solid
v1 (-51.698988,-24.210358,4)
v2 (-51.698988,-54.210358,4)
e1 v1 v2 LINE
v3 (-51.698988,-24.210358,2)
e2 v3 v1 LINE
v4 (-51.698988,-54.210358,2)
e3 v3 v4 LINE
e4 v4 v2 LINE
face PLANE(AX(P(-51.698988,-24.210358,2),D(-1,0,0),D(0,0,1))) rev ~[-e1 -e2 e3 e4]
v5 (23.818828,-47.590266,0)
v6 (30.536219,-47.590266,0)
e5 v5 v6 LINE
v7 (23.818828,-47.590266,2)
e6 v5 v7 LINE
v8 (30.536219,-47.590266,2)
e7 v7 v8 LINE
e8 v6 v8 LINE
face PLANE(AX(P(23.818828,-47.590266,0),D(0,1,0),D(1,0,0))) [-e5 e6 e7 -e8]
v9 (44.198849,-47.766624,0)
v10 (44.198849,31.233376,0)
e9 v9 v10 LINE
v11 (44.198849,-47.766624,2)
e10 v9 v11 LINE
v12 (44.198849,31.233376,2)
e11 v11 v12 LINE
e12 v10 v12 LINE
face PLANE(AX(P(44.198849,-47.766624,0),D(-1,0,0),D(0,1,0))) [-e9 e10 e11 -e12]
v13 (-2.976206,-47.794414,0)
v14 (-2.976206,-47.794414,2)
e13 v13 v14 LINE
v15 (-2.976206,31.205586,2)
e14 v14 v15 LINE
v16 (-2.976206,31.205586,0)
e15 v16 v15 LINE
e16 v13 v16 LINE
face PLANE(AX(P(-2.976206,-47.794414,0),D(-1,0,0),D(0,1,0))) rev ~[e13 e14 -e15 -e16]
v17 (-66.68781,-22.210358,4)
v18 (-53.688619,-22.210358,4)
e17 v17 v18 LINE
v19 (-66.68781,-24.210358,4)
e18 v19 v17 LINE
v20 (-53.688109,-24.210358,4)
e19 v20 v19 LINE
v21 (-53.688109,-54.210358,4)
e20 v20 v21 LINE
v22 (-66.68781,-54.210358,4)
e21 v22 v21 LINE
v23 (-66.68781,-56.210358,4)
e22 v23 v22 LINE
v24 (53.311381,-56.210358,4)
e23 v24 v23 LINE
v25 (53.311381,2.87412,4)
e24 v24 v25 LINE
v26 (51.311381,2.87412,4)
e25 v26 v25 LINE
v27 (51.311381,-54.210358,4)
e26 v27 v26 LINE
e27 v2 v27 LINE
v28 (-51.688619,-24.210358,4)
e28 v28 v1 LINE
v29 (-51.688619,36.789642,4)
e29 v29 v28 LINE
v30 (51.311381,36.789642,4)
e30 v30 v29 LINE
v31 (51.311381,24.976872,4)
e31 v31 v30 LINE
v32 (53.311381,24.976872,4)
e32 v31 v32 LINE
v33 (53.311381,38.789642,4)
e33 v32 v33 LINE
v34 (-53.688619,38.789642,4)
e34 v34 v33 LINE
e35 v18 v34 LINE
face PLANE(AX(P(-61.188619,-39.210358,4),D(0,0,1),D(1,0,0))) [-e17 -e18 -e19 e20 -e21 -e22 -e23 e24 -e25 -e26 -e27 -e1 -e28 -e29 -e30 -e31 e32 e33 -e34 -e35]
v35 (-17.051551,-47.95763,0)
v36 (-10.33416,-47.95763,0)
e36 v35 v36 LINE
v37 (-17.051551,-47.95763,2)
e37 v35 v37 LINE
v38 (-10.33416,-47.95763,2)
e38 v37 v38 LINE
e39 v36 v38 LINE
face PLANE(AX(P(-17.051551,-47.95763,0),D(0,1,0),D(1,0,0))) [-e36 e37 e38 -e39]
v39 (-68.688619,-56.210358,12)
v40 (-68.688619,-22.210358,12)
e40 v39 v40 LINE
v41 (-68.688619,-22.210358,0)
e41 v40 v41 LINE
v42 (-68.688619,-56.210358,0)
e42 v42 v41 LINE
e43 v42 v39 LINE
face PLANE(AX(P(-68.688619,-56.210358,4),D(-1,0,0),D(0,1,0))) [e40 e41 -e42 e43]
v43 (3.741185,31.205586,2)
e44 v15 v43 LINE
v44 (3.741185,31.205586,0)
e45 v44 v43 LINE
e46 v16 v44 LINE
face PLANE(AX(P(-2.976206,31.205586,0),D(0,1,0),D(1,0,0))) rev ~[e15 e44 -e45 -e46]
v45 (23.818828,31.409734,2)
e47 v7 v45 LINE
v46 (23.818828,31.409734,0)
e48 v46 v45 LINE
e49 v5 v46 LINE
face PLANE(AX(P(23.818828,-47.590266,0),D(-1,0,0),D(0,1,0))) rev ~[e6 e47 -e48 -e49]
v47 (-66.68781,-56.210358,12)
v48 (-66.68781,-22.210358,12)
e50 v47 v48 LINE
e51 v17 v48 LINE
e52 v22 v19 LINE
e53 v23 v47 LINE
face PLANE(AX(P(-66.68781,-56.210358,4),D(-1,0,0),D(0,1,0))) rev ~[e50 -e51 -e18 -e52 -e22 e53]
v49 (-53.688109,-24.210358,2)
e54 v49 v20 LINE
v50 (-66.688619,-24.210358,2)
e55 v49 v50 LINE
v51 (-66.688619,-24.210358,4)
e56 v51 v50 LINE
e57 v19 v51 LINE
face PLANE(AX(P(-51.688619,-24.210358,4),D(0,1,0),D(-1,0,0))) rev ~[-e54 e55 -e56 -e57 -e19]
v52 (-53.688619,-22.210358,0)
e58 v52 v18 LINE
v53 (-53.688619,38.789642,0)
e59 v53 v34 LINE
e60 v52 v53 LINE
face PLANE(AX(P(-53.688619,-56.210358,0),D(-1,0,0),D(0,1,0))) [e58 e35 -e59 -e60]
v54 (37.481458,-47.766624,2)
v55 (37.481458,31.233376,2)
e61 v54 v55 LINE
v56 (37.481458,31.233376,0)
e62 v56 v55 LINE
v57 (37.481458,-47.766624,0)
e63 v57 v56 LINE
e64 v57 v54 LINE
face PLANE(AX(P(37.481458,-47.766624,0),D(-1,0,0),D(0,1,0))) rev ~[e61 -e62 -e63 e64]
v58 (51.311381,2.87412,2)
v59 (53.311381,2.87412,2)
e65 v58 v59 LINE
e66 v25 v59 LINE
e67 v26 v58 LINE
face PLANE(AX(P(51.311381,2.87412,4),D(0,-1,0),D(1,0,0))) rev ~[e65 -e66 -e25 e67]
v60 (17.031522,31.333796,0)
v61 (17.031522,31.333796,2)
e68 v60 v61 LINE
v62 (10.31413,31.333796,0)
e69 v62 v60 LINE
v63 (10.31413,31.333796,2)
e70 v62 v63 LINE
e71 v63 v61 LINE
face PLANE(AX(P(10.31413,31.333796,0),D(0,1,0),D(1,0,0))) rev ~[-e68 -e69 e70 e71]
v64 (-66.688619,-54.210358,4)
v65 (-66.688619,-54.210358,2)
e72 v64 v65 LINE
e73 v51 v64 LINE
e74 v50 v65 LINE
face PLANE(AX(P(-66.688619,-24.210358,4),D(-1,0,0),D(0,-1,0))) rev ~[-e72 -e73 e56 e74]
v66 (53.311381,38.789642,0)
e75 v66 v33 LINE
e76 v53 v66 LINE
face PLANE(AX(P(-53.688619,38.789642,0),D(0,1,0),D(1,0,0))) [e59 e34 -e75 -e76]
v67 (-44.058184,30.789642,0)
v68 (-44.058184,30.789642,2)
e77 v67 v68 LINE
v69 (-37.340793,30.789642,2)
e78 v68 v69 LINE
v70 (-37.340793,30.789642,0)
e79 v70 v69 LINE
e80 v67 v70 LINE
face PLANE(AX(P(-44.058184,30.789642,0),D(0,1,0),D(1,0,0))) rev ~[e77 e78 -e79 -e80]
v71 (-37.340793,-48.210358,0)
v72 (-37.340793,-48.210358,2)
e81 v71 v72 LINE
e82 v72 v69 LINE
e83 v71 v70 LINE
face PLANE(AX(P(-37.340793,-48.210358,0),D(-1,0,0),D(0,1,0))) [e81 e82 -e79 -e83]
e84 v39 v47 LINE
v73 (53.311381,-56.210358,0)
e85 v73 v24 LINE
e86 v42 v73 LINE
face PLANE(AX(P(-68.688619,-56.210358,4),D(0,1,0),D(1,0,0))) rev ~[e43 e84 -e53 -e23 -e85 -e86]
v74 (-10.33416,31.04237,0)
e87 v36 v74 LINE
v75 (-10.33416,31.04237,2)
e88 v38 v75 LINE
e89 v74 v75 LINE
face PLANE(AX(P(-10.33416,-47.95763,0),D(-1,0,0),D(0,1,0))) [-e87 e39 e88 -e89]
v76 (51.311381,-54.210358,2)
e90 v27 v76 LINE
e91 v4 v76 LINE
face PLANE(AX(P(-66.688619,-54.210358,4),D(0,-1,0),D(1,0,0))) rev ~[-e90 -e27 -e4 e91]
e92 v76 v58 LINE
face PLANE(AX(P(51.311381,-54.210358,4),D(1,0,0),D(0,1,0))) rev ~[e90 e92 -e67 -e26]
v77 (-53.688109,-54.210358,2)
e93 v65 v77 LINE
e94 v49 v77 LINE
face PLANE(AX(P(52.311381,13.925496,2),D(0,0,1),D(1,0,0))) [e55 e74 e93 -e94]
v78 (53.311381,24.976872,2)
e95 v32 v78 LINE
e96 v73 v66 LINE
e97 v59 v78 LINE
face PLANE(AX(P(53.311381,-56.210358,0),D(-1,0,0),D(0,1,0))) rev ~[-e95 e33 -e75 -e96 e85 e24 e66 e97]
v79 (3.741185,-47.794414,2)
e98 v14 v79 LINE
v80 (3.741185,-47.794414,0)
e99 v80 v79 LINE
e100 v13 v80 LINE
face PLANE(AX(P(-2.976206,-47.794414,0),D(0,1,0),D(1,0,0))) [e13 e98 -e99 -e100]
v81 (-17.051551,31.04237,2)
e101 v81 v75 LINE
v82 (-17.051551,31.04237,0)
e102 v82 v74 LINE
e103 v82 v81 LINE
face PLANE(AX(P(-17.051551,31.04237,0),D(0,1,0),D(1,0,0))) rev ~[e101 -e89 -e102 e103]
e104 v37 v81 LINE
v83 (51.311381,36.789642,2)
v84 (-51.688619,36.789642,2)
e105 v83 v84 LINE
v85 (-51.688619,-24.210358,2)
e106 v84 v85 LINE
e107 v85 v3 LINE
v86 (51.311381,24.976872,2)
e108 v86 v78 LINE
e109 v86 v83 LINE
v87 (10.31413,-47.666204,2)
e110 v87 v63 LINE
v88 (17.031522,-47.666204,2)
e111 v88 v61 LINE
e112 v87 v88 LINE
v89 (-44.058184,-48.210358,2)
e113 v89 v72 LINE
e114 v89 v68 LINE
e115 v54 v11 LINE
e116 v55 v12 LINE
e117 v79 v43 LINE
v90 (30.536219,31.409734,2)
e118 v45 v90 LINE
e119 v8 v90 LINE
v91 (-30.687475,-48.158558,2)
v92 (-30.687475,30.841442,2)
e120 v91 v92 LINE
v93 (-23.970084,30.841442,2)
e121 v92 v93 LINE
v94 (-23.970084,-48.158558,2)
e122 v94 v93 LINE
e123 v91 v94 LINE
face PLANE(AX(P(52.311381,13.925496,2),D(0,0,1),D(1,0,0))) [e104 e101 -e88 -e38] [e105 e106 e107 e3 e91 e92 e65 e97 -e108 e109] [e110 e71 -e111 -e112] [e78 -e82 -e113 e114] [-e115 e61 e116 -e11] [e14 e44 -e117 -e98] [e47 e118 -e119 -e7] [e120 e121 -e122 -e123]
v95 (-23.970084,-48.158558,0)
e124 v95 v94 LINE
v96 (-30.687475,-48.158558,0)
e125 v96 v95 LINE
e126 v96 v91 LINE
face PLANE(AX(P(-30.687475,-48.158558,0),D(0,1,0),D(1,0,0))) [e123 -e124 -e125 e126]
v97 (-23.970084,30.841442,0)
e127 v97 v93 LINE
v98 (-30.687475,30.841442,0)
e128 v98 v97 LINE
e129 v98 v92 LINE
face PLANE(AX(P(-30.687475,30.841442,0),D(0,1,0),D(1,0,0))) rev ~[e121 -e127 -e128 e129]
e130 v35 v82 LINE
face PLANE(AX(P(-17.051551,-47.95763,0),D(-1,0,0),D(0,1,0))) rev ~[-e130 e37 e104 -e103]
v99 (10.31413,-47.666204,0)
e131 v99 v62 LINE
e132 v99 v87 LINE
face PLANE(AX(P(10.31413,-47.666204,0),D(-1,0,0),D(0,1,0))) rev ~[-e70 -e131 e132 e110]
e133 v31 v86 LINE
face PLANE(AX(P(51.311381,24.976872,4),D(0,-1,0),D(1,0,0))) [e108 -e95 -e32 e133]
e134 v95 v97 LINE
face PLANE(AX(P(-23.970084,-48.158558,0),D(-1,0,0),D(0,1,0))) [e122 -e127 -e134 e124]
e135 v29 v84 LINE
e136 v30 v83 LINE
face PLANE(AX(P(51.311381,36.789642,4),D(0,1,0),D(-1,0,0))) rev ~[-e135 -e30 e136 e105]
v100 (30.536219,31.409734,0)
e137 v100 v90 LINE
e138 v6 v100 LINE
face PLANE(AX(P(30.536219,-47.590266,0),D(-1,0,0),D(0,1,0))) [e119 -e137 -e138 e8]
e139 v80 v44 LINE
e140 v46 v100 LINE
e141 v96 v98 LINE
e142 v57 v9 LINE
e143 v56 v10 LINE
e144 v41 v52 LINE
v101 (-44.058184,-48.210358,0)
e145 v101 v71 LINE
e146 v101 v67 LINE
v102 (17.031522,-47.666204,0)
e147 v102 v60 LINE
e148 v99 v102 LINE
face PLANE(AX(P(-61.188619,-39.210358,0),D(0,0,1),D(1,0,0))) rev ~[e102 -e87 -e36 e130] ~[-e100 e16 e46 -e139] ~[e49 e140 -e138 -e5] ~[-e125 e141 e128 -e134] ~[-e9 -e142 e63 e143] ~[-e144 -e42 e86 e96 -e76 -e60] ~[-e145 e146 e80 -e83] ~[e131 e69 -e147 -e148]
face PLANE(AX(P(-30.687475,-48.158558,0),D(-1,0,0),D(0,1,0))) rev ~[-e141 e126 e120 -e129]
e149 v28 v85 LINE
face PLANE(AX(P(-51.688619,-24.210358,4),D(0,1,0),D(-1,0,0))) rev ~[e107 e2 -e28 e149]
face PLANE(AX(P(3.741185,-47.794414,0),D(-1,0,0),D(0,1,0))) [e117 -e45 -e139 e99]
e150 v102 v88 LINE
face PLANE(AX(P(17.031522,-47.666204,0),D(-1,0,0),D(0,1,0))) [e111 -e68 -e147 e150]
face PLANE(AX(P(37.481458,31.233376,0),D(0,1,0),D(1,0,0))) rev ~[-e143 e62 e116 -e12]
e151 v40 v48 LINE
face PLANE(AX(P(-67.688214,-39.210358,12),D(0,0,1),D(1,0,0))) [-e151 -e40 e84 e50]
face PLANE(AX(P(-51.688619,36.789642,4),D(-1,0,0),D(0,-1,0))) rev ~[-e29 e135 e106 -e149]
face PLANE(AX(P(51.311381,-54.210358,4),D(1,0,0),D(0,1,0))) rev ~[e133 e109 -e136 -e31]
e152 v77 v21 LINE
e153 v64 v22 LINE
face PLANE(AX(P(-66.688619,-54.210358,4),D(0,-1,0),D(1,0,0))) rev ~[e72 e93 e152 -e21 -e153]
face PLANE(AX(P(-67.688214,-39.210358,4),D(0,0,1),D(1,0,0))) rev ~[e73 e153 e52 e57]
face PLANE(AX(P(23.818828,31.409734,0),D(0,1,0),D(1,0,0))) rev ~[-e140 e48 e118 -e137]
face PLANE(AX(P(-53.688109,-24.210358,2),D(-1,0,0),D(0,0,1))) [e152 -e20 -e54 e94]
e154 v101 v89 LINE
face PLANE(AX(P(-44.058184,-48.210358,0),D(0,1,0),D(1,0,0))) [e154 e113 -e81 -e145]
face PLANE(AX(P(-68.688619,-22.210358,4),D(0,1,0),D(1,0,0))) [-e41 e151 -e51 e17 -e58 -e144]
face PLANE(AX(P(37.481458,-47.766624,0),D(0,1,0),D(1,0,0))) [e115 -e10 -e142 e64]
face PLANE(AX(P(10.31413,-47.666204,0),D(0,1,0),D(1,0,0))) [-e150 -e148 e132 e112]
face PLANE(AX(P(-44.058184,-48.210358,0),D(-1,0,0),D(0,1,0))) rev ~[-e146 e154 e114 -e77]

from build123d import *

# Parameters (mm, degrees)
SKETCH1_W           = 107
SKETCH1_H           = 95
SKETCH1_W_2         = 6.717391304
SKETCH1_H_2         = 79
SKETCH1_W_3         = 6.717391305
SKETCH1_W_4         = 15
SKETCH1_H_3         = 34
BOSS_EXTRUDE1_DEPTH = 4
CUT_EXTRUDE1_DEPTH  = 2
SKETCH5_W           = 2.000809174
SKETCH5_H           = 34
BOSS_EXTRUDE3_DEPTH = 8
SKETCH6_W           = 2
SKETCH6_H           = 22.102752069
CUT_EXTRUDE2_DEPTH  = 2
SKETCH7_W           = 1.989121342
SKETCH7_H           = 2
BOSS_EXTRUDE4_DEPTH = 30


with BuildPart() as part:
    # Sketch1 → Boss-Extrude1 (new body)
    # profile 1 of 2: a face of its own
    with BuildSketch(Plane.XY):
        with Locations((-0.188618926, -8.710358056)):
            Rectangle(SKETCH1_W, SKETCH1_H)
        with Locations((-40.699488491, -8.710358056)):
            Rectangle(SKETCH1_W_2, SKETCH1_H_2, mode=Mode.SUBTRACT)
        with Locations((-27.328779255, -8.658557904)):
            Rectangle(SKETCH1_W_2, SKETCH1_H_2, mode=Mode.SUBTRACT)
        with Locations((-13.692855398, -8.457629635)):
            Rectangle(SKETCH1_W_2, SKETCH1_H_2, mode=Mode.SUBTRACT)
        with Locations((0.382489646, -8.294414238)):
            Rectangle(SKETCH1_W_3, SKETCH1_H_2, mode=Mode.SUBTRACT)
        with Locations((13.672826098, -8.166203861)):
            Rectangle(SKETCH1_W_2, SKETCH1_H_2, mode=Mode.SUBTRACT)
        with Locations((27.177523355, -8.09026595)):
            Rectangle(SKETCH1_W_2, SKETCH1_H_2, mode=Mode.SUBTRACT)
        with Locations((40.840153453, -8.266624041)):
            Rectangle(SKETCH1_W_2, SKETCH1_H_2, mode=Mode.SUBTRACT)
    # profile 2 of 2: a face of its own
    with BuildSketch(Plane.XY):
        with Locations((-61.188618926, -39.210358056)):
            Rectangle(SKETCH1_W_4, SKETCH1_H_3)
    extrude(amount=BOSS_EXTRUDE1_DEPTH)

    # Sketch3 → Cut-Extrude1 (cut)
    with BuildSketch(Plane.XY.offset(4)):
        Polygon((51.311381074, -54.210358056), (51.311381074, 36.789641944), (-51.688618926, 36.789641944), (-51.688618926, -24.210358056), (-66.688618926, -24.210358056), (-66.688618926, -54.210358056), align=None)
    extrude(amount=-CUT_EXTRUDE1_DEPTH, mode=Mode.SUBTRACT)

    # Sketch5 → Boss-Extrude3 (add)
    with BuildSketch(Plane.XY.offset(4)):
        with Locations((-67.688214339, -39.210358056)):
            Rectangle(SKETCH5_W, SKETCH5_H)
    extrude(amount=BOSS_EXTRUDE3_DEPTH)

    # Sketch6 → Cut-Extrude2 (cut)
    with BuildSketch(Plane.XY.offset(4)):
        with Locations((52.311381074, 13.925496341)):
            Rectangle(SKETCH6_W, SKETCH6_H)
    extrude(amount=-CUT_EXTRUDE2_DEPTH, mode=Mode.SUBTRACT)

    # Sketch7 → Boss-Extrude4 (add)
    with BuildSketch(Plane.XZ.offset(24.210358056)):
        with Locations((-52.693548431, 3)):
            Rectangle(SKETCH7_W, SKETCH7_H)
    extrude(amount=BOSS_EXTRUDE4_DEPTH)


solid = part.part
